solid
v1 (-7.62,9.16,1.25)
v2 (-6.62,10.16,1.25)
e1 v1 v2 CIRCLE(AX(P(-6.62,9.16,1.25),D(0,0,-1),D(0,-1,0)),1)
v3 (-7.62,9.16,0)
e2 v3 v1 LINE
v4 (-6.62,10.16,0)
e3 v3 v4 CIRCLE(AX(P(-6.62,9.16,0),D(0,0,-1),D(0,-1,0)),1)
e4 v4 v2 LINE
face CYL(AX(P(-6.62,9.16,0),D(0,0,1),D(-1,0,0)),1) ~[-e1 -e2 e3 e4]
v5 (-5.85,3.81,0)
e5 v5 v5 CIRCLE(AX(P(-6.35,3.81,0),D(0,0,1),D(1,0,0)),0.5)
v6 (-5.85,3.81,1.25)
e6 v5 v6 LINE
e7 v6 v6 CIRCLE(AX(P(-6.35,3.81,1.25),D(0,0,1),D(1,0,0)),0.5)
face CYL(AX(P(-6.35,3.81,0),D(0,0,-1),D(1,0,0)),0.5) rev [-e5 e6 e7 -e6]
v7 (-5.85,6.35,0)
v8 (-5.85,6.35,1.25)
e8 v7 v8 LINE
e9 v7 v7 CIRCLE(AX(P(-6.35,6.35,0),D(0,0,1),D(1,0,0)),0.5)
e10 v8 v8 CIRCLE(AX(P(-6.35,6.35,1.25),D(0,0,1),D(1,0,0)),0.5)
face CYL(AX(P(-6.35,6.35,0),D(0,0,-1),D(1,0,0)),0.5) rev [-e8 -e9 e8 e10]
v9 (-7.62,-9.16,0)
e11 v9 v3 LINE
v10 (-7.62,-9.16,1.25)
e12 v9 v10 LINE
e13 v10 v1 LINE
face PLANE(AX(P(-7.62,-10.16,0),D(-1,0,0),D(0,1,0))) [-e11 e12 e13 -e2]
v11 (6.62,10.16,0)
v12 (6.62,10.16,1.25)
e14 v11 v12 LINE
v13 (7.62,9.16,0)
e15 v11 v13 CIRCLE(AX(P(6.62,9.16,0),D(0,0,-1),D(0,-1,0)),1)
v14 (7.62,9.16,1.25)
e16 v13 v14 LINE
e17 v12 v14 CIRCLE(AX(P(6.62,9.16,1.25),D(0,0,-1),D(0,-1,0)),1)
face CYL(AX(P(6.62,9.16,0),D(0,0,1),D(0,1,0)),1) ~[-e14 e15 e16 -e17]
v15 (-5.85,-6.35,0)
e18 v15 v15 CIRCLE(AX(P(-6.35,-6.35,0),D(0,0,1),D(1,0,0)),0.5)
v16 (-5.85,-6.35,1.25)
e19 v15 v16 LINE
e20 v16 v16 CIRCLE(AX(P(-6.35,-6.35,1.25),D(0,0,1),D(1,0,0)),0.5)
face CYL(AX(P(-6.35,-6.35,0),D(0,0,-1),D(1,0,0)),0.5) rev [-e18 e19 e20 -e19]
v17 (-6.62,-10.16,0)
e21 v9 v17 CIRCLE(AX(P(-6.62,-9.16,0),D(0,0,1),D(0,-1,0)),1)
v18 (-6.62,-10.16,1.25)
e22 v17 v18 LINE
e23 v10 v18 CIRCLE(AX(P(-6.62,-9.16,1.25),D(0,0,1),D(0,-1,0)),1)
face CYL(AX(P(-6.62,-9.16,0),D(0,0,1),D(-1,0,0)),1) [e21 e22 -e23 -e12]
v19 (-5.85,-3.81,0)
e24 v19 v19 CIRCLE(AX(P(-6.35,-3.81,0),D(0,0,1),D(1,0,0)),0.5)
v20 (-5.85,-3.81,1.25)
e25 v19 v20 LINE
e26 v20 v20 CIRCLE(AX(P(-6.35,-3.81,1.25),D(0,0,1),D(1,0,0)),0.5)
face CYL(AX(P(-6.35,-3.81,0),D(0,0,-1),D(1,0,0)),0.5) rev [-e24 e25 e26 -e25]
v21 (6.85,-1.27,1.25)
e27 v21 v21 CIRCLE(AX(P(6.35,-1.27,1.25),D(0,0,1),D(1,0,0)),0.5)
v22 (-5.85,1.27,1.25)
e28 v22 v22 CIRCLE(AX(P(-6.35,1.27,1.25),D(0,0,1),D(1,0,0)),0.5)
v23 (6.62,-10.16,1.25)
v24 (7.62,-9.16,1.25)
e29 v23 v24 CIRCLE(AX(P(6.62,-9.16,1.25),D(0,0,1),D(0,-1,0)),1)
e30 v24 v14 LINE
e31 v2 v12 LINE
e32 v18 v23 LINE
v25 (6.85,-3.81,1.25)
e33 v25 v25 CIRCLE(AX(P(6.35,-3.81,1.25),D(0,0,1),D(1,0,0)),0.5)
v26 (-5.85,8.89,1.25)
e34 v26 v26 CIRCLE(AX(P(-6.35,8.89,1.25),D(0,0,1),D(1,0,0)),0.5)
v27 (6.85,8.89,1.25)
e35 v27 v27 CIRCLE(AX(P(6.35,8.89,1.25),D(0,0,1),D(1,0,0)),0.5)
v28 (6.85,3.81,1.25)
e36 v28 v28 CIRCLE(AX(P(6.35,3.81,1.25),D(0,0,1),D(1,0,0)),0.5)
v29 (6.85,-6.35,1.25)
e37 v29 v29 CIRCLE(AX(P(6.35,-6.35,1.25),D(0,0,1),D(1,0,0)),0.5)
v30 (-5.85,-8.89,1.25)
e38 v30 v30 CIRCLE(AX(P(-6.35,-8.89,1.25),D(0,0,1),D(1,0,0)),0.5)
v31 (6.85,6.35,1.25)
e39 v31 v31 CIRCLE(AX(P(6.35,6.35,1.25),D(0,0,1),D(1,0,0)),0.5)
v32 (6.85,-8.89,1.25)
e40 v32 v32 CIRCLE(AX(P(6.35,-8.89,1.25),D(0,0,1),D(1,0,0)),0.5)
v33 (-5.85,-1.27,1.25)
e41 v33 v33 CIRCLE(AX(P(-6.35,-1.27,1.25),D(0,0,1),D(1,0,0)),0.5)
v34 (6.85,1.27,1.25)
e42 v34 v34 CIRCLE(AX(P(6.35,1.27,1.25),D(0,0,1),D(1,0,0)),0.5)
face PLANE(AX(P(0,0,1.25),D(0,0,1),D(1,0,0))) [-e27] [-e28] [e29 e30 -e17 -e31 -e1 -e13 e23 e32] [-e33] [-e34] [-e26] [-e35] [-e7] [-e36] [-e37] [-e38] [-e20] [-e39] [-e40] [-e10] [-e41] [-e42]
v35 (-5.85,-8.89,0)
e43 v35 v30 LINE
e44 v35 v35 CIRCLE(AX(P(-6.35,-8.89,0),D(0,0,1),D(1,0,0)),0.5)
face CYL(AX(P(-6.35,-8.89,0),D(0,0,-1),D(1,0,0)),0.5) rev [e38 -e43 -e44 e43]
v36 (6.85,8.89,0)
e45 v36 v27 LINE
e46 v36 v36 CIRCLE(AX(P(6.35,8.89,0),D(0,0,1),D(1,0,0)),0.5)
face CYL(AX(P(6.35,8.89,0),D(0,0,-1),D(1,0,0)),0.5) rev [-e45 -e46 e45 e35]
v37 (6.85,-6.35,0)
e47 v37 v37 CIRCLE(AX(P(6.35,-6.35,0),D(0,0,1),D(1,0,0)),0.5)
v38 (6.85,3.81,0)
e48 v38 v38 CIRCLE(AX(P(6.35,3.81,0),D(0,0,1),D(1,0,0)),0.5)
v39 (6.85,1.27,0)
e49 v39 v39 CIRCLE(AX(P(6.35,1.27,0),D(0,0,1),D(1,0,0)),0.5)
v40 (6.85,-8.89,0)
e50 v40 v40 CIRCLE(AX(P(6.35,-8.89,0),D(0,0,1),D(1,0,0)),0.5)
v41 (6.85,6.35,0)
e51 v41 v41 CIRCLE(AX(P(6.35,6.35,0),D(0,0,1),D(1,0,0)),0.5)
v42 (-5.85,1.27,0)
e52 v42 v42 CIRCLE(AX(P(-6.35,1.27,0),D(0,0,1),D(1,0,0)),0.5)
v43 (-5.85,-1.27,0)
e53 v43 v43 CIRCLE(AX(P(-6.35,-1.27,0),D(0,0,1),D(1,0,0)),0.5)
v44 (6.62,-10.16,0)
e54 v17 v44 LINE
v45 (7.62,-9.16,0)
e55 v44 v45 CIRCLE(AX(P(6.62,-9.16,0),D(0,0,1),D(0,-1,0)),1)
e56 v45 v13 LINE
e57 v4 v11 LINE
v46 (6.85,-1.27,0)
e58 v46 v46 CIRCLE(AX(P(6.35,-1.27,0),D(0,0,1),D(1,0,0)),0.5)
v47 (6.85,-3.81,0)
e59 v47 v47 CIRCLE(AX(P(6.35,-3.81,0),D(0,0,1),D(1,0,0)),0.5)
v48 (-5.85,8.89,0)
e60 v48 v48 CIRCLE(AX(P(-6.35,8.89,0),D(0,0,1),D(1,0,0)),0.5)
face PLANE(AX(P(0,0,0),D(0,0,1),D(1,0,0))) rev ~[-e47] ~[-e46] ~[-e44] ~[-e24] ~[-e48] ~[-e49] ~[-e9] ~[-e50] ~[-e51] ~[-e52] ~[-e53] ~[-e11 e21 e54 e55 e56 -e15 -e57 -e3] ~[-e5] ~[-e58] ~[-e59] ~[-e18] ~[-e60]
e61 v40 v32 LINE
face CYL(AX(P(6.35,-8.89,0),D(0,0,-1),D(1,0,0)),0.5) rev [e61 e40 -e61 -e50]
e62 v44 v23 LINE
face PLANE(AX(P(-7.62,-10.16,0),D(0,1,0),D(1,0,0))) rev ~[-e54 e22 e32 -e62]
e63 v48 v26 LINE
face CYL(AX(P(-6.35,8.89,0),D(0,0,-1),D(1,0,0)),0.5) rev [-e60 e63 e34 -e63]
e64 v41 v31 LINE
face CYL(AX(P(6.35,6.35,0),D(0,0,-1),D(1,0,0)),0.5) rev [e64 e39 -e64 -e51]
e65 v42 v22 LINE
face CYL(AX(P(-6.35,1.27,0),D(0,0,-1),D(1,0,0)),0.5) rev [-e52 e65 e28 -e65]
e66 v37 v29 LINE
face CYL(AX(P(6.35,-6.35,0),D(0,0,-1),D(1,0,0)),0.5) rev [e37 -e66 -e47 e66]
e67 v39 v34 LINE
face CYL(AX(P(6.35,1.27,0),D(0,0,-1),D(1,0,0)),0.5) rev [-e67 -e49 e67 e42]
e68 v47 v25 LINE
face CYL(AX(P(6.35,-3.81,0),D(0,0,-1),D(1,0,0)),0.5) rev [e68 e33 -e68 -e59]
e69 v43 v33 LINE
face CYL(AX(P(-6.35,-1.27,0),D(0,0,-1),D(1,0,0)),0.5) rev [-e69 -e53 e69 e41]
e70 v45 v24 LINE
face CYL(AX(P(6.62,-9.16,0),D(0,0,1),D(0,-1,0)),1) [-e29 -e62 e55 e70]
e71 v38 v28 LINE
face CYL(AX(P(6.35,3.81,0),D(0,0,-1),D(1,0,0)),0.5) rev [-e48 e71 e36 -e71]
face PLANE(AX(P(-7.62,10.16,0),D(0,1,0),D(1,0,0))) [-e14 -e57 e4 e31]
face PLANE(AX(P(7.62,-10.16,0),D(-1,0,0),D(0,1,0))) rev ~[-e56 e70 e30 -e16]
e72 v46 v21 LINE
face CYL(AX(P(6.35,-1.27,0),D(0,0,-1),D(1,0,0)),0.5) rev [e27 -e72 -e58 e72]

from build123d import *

# Parameters (mm, degrees)
F0_W     = 15.24
F0_H     = 20.32
F0_R     = 0.5
F1_DEPTH = 1.25
F2_R     = 1


with BuildPart() as f1:
    # F0 (on Top) → F1 (new body)
    with BuildSketch(Plane.XY):
        Rectangle(F0_W, F0_H)
        with Locations((-6.35, -8.89)):
            Circle(F0_R, mode=Mode.SUBTRACT)
        with Locations((-6.35, -6.35)):
            Circle(F0_R, mode=Mode.SUBTRACT)
        with Locations((-6.35, -3.81)):
            Circle(F0_R, mode=Mode.SUBTRACT)
        with Locations((-6.35, -1.27)):
            Circle(F0_R, mode=Mode.SUBTRACT)
        with Locations((6.35, -8.89)):
            Circle(F0_R, mode=Mode.SUBTRACT)
        with Locations((6.35, -6.35)):
            Circle(F0_R, mode=Mode.SUBTRACT)
        with Locations((6.35, -3.81)):
            Circle(F0_R, mode=Mode.SUBTRACT)
        with Locations((6.35, -1.27)):
            Circle(F0_R, mode=Mode.SUBTRACT)
        with Locations((-6.35, 1.27)):
            Circle(F0_R, mode=Mode.SUBTRACT)
        with Locations((-6.35, 3.81)):
            Circle(F0_R, mode=Mode.SUBTRACT)
        with Locations((-6.35, 6.35)):
            Circle(F0_R, mode=Mode.SUBTRACT)
        with Locations((-6.35, 8.89)):
            Circle(F0_R, mode=Mode.SUBTRACT)
        with Locations((6.35, 1.27)):
            Circle(F0_R, mode=Mode.SUBTRACT)
        with Locations((6.35, 3.81)):
            Circle(F0_R, mode=Mode.SUBTRACT)
        with Locations((6.35, 6.35)):
            Circle(F0_R, mode=Mode.SUBTRACT)
        with Locations((6.35, 8.89)):
            Circle(F0_R, mode=Mode.SUBTRACT)
    extrude(amount=F1_DEPTH)

    # F2
    f2_edges = [f1.edges().sort_by_distance(p)[0] for p in [
        (-7.62, 10.16, 0.625),
        (-7.62, -10.16, 0.625),
        (7.62, -10.16, 0.625),
        (7.62, 10.16, 0.625),
    ]]
    fillet(f2_edges, radius=F2_R)


solid = f1.part
